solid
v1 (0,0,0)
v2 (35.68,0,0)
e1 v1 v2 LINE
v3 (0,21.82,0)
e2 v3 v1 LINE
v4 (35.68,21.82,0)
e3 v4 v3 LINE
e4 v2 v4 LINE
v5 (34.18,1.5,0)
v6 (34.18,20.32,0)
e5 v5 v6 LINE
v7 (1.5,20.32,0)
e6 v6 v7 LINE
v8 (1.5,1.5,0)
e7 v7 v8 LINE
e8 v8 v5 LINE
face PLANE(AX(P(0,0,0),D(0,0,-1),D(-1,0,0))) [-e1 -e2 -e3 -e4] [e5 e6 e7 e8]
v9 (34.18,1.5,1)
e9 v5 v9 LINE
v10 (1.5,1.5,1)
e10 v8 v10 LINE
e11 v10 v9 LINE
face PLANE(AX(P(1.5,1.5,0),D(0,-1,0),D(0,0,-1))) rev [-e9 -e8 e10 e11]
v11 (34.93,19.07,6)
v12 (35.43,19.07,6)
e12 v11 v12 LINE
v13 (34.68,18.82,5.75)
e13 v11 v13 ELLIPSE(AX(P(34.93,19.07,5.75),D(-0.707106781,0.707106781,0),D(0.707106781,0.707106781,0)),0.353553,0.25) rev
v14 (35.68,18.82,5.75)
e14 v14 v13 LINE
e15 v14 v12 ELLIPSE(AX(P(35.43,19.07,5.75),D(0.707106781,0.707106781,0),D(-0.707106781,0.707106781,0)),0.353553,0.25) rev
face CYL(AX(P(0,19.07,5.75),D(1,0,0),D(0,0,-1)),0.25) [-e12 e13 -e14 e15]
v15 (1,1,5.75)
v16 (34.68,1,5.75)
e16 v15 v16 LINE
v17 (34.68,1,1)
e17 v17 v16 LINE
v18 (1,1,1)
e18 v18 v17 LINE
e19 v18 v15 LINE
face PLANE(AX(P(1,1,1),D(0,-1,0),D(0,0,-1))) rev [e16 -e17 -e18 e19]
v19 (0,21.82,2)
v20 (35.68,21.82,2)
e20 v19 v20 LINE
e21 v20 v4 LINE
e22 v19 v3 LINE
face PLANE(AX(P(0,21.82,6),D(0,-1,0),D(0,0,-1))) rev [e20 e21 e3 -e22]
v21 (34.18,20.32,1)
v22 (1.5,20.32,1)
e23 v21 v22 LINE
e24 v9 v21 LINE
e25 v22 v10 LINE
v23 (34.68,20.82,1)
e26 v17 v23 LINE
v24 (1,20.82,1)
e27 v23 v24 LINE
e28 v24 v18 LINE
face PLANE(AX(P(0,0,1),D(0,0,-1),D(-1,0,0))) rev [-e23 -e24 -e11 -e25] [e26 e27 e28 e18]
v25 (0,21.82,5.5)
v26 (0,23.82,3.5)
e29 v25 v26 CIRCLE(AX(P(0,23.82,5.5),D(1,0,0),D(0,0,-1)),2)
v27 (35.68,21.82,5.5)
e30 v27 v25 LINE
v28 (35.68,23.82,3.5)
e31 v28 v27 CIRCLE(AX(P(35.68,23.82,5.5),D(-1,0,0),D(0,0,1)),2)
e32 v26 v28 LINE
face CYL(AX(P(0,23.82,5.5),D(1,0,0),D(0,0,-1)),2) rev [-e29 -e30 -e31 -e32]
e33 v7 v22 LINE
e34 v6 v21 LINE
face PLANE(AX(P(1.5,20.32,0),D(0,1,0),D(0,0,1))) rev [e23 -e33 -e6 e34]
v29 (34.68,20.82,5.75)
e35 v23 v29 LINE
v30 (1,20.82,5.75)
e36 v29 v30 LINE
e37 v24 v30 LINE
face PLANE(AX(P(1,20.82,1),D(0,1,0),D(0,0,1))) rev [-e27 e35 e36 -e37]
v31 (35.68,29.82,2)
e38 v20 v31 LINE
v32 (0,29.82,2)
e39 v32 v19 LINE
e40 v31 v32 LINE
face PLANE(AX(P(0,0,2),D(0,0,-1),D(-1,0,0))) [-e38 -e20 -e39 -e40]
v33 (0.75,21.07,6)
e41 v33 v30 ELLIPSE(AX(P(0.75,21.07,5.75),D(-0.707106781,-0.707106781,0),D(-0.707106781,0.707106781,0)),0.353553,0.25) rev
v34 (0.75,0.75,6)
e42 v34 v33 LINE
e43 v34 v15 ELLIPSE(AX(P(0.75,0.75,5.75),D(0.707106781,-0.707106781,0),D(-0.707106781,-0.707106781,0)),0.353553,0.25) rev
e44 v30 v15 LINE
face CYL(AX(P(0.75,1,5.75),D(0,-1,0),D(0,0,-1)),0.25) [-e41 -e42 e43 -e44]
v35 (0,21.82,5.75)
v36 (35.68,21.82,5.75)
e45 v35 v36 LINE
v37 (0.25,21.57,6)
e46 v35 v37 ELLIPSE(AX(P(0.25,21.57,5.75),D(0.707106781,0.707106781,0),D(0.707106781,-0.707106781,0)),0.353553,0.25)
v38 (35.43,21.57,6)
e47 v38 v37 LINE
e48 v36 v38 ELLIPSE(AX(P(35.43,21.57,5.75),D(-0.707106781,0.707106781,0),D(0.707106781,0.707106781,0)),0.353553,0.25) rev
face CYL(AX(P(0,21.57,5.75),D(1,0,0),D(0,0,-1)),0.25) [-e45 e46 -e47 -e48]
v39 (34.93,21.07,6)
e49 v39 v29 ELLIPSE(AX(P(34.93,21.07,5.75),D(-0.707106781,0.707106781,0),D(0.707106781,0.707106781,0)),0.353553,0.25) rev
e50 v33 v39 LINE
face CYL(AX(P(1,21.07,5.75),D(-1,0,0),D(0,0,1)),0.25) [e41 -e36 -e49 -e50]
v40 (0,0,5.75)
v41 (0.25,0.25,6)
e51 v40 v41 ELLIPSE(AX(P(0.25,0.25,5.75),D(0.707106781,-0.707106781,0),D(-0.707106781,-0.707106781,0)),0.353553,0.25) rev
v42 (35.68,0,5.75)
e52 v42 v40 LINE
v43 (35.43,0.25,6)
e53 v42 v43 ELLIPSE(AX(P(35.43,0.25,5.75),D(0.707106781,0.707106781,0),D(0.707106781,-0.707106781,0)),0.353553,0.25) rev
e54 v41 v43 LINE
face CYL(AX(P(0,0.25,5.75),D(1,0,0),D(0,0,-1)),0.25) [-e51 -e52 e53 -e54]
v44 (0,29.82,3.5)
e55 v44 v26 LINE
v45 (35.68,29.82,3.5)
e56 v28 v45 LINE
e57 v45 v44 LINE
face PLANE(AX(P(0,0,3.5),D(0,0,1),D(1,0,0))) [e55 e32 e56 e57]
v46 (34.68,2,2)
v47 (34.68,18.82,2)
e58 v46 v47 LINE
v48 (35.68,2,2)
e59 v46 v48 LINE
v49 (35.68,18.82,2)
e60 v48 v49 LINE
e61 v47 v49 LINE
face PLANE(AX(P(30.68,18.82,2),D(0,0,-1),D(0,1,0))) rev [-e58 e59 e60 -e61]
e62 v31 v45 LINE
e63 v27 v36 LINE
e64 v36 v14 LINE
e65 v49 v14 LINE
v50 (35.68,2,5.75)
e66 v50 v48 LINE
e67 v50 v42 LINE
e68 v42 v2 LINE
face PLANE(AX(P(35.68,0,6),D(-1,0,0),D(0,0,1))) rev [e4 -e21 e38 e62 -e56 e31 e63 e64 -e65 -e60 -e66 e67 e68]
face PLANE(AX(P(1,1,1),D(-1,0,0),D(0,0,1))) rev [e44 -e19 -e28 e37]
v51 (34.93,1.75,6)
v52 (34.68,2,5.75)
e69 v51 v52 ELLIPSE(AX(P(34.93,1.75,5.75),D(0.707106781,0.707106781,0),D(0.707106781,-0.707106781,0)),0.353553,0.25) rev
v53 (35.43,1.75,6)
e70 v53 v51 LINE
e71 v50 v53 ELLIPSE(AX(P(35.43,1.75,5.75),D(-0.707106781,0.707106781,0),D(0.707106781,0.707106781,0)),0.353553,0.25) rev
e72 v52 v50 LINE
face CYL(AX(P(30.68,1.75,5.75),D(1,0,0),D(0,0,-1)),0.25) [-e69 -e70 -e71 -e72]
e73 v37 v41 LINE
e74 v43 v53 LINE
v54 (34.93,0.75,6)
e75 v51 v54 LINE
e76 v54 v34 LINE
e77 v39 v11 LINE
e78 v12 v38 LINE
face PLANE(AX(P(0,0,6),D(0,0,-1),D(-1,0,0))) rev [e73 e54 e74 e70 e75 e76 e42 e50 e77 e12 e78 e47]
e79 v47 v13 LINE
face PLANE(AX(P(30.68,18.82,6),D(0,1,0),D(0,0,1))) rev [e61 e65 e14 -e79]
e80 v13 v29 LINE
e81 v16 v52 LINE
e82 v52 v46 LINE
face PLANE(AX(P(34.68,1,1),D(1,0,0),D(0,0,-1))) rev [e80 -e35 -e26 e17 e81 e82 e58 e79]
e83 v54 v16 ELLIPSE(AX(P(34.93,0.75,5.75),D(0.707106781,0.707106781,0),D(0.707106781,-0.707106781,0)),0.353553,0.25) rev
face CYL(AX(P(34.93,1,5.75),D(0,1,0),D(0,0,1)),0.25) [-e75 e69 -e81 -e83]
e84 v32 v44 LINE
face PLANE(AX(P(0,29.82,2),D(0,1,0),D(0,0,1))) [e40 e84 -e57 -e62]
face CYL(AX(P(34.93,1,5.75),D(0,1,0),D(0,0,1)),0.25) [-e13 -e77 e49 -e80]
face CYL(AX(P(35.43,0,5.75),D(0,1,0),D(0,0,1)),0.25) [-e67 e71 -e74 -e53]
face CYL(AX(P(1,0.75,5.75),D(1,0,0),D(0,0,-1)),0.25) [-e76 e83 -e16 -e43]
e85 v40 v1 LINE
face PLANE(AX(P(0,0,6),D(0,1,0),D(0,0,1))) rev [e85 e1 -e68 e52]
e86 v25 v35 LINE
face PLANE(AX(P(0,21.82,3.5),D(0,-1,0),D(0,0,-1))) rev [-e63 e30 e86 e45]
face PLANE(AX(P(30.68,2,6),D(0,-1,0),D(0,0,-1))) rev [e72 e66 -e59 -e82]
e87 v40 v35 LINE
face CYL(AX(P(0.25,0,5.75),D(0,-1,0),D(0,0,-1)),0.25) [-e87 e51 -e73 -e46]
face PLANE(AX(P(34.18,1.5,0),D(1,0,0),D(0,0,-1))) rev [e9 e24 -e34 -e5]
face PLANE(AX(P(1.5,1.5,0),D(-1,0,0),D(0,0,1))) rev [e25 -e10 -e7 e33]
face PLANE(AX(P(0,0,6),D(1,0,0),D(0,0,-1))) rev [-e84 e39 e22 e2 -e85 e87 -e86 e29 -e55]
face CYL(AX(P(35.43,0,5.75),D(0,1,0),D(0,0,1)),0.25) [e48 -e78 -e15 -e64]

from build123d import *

# Parameters (mm, degrees)
ESQUISSE1_W              = 35.68
ESQUISSE1_H              = 21.82
BOSS_EXTRU_1_DEPTH       = 6
ESQUISSE2_W              = 33.68
ESQUISSE2_H              = 19.82
ENL_V_MAT_EXTRU_1_DEPTH  = 5
ESQUISSE3_W              = 32.68
ESQUISSE3_H              = 18.82
ENL_V_MAT_EXTRU_2_DEPTH  = 43.120954405
ESQUISSE4_W              = 4
ESQUISSE4_H              = 16.82
ENL_V_MAT_EXTRU_3_DEPTH  = 5
ESQUISSE6_W              = 35.68
ESQUISSE6_H              = 8
BOSS_EXTRU_2_DEPTH       = 4
ESQUISSE7_W              = 35.68
ESQUISSE7_H              = 8
ENL_V_MAT_EXTRU_12_DEPTH = 2.5
CONG_2_R                 = 0.25
CONG_3_R                 = 2


with BuildPart() as part:
    # Esquisse1 → Boss.-Extru.1 (new body)
    with BuildSketch(Plane.XY):
        with Locations((17.84, 10.91)):
            Rectangle(ESQUISSE1_W, ESQUISSE1_H)
    extrude(amount=BOSS_EXTRU_1_DEPTH)

    # Esquisse2 → Enlèv. mat.-Extru.1 (cut)
    with BuildSketch(Plane.XY.offset(6)):
        with Locations((17.84, 10.91)):
            Rectangle(ESQUISSE2_W, ESQUISSE2_H)
    extrude(amount=-ENL_V_MAT_EXTRU_1_DEPTH, mode=Mode.SUBTRACT)

    # Esquisse3 → Enlèv. mat.-Extru.2 (cut, through all)
    with BuildSketch(Plane.XY.offset(1)):
        with Locations((17.84, 10.91)):
            Rectangle(ESQUISSE3_W, ESQUISSE3_H)
    extrude(amount=-ENL_V_MAT_EXTRU_2_DEPTH, mode=Mode.SUBTRACT)

    # Esquisse4 → Enlèv. mat.-Extru.3 (cut)
    with BuildSketch(Plane(origin=(35.68, 0, 0), x_dir=(0, 0, -1), z_dir=(1, 0, 0))):
        with Locations((-4, 10.41)):
            Rectangle(ESQUISSE4_W, ESQUISSE4_H)
    extrude(amount=-ENL_V_MAT_EXTRU_3_DEPTH, mode=Mode.SUBTRACT)

    # Esquisse6 → Boss.-Extru.2 (add)
    with BuildSketch(Plane.XY.offset(6)):
        with Locations((17.84, 25.82)):
            Rectangle(ESQUISSE6_W, ESQUISSE6_H)
    extrude(amount=-BOSS_EXTRU_2_DEPTH)

    # Esquisse7 → Enlèv. mat.-Extru.12 (cut)
    with BuildSketch(Plane.XY.offset(6)):
        with Locations((17.84, 25.82)):
            Rectangle(ESQUISSE7_W, ESQUISSE7_H)
    extrude(amount=-ENL_V_MAT_EXTRU_12_DEPTH, mode=Mode.SUBTRACT)

    # Congé2
    cong_2_edges = [part.edges().sort_by_distance(p)[0] for p in [
        (35.68, 1, 6),
        (1, 10.91, 6),
        (17.84, 1, 6),
        (34.68, 1.5, 6),
        (17.84, 20.82, 6),
        (34.68, 19.82, 6),
        (35.68, 20.32, 6),
        (35.18, 2, 6),
        (35.18, 18.82, 6),
        (17.84, 0, 6),
        (0, 10.91, 6),
        (17.84, 21.82, 6),
    ]]
    fillet(cong_2_edges, radius=CONG_2_R)

    # Congé3
    cong_3_edges = [part.edges().sort_by_distance(p)[0] for p in [
        (17.84, 21.82, 3.5),
    ]]
    fillet(cong_3_edges, radius=CONG_3_R)


solid = part.part
